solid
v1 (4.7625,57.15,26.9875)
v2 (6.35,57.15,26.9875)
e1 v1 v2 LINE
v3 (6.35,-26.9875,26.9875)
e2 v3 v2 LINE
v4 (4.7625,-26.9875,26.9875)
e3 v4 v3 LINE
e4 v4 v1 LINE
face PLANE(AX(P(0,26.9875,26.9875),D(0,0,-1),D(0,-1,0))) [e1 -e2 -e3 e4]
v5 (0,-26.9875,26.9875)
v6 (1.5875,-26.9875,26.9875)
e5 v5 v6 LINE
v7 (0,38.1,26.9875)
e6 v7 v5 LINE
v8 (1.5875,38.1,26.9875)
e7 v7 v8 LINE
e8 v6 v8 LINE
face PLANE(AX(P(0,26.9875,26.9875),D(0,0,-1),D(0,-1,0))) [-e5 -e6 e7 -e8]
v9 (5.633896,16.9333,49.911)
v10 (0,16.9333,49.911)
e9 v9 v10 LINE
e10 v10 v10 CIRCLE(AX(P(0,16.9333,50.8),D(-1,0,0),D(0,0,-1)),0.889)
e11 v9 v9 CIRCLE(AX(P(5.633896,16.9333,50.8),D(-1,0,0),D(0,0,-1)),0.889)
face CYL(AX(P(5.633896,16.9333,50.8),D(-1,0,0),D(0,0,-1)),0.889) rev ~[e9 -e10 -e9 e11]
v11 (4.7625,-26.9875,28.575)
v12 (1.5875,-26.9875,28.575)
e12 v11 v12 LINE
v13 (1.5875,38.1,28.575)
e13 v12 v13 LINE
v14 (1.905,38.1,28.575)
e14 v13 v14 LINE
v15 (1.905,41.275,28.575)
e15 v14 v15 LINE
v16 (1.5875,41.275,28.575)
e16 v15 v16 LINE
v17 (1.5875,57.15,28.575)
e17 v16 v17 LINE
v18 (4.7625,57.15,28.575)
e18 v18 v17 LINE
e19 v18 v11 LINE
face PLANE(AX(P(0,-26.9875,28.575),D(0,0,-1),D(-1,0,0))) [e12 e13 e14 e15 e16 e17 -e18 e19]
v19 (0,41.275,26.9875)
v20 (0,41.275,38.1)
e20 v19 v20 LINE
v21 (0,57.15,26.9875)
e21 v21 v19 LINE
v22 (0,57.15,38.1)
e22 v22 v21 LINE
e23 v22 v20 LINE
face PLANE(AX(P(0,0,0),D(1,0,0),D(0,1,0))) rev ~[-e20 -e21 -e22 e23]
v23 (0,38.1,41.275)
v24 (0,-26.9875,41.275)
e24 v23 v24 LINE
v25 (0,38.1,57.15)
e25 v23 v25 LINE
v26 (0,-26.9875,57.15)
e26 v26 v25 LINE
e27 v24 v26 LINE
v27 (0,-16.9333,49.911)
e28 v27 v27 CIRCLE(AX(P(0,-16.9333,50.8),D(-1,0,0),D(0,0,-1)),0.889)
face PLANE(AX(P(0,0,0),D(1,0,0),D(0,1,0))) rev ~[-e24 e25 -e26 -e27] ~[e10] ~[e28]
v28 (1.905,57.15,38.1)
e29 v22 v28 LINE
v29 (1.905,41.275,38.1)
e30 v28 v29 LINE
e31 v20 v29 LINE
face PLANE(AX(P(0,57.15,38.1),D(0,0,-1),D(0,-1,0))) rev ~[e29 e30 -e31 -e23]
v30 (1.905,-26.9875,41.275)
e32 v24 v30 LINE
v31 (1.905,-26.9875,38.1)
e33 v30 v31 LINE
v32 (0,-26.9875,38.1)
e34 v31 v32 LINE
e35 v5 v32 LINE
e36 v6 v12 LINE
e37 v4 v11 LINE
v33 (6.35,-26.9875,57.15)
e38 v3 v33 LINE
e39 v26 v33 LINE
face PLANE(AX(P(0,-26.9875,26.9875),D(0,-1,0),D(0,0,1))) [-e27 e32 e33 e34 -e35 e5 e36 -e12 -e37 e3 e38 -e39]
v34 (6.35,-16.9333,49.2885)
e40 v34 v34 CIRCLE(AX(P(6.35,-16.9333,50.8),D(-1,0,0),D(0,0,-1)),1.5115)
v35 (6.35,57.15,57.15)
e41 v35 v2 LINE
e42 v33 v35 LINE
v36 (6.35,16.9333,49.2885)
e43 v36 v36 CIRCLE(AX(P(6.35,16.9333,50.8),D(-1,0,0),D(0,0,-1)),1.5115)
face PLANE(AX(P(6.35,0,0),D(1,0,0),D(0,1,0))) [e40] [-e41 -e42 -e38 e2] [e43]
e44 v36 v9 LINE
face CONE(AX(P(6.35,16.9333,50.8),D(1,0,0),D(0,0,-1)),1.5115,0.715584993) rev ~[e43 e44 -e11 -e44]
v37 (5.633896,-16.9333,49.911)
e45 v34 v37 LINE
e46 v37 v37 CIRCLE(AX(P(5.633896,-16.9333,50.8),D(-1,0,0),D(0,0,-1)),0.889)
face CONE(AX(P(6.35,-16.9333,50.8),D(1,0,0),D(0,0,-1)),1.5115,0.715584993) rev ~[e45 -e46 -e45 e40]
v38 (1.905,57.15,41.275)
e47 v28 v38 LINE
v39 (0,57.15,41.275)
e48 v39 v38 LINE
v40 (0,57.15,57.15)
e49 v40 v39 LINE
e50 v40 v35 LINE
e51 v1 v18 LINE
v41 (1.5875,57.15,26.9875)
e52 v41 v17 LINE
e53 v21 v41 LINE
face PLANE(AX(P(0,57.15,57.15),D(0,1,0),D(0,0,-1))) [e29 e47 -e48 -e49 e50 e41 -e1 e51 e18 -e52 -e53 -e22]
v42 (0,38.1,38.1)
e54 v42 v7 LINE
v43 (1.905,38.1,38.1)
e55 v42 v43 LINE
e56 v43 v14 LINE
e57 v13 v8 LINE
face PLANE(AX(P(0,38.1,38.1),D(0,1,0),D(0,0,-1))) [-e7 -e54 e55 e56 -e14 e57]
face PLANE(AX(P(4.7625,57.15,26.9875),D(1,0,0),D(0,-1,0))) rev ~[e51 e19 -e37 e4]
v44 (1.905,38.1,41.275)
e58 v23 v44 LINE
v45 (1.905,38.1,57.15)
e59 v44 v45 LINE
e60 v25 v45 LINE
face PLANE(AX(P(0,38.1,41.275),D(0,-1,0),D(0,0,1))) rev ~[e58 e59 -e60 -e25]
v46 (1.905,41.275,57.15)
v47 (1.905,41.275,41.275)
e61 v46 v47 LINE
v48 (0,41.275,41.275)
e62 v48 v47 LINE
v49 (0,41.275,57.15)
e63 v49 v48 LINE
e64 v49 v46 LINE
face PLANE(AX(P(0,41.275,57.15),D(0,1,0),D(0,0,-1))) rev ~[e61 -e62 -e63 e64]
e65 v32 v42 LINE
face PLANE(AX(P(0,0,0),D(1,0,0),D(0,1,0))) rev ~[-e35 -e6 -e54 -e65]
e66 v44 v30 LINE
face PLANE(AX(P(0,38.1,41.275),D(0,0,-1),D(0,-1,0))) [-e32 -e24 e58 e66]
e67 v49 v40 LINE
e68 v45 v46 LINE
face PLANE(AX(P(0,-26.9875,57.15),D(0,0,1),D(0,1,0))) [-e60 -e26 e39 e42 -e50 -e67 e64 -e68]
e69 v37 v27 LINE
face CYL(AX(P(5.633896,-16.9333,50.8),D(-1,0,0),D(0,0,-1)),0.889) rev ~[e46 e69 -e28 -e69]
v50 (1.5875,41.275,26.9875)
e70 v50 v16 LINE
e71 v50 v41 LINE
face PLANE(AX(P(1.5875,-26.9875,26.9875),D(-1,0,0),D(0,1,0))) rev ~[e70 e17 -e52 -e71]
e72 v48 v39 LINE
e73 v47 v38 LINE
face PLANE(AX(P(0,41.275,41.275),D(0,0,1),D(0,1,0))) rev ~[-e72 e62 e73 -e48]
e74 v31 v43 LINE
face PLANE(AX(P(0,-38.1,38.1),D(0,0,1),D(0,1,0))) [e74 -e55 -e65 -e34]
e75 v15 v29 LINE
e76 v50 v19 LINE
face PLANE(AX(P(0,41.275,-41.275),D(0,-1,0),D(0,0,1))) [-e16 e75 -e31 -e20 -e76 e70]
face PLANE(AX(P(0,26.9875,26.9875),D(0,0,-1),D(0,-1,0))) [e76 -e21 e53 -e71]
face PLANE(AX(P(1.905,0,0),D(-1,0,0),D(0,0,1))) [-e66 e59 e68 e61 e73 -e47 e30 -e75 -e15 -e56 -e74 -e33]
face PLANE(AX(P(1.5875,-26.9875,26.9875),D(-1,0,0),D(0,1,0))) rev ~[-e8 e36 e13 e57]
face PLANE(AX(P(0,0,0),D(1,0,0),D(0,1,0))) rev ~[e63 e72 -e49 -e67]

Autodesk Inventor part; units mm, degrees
ref_plane "YZ Plane" through (0, 0, 0) normal (1, 0, 0) x (0, 1, 0)
ref_plane "XZ Plane" through (0, 0, 0) normal (0, 1, 0) x (-1, 0, 0)
ref_plane "XY Plane" through (0, 0, 0) normal (0, 0, 1) x (1, 0, 0)
sketch "Sketch1" plane through (0, 0, 0) normal (1, 0, 0) x (0, 1, 0)
  line L0 (-57.15, 57.15) -> (57.15, 57.15)
  line L1 (57.15, 57.15) -> (57.15, 0)
  line L2 (57.15, 0) -> (-57.15, 0)
  line L3 (-57.15, 0) -> (-57.15, 57.15)
  line L4 (-57.15, 57.15) -> (57.15, 0) construction
  line L5 (57.15, 57.15) -> (-57.15, 0) construction
  line L6 (-26.9875, 0) -> (26.9875, 0)
  line L7 (26.9875, 0) -> (26.9875, 26.9875)
  line L8 (26.9875, 26.9875) -> (-26.9875, 26.9875)
  line L9 (-26.9875, 26.9875) -> (-26.9875, 0)
  line L10 (-26.9875, 26.9875) -> (-26.9875, 57.15)
  line L11 (26.9875, 26.9875) -> (57.15, 26.9875)
  point P0 (0, 0)
  point P1 (0, 28.575)
  point P2 (0, 0)
  dimension "d5" = 114.3
  dimension "d6" = 57.15
  dimension "d7" = 53.975
  dimension "d8" = 26.9875
extrude "Extrusion1" add sketch "Sketch1" along normal blind 6.35 contours L0 L1 L11 L8 L10
sketch "Sketch2" plane through (0, -26.9875, 26.9875) normal (0, 0, -1) x (-1, 0, 0)
  line L0 (0, 0) -> (0, 84.1375) projected
  line L1 (0, 84.1375) -> (-6.35, 84.1375) projected
  line L2 (-6.35, 0) -> (-6.35, 84.1375) projected
  line L3 (0, 0) -> (-6.35, 0) projected
  line L4 (-3.175, 0) -> (-3.175, 84.1375)
  line L5 (-4.7625, 0) -> (-1.5875, 0)
  line L6 (-1.5875, 0) -> (-1.5875, 84.1375)
  line L7 (-1.5875, 84.1375) -> (-4.7625, 84.1375)
  line L8 (-4.7625, 84.1375) -> (-4.7625, 0)
  line L9 (-4.7625, 0) -> (-1.5875, 84.1375) construction
  line L10 (-1.5875, 0) -> (-4.7625, 84.1375) construction
  point P0 (0, 26.9875)
  point P1 (-3.175, 42.0688)
  dimension "d11" = 3.175
extrude "Extrusion2" cut sketch "Sketch2" against normal blind 1.5875 contours L3 L4 L1 L6 | L3 L8 L1 L4
sketch "Sketch3" plane through (6.35, 0, 0) normal (1, 0, 0) x (0, 0, -1)
  line L0 (-26.9875, -26.9875) -> (-26.9875, 57.15) projected
  line L1 (-26.9875, 57.15) -> (-57.15, 57.15) projected
  line L2 (-57.15, 57.15) -> (-57.15, -26.9875) projected
  line L3 (-57.15, -26.9875) -> (-26.9875, -26.9875) projected
  line L4 (-50.8, -16.9333) -> (-50.8, 16.9333)
  point P0 (0, 0)
  dimension "d16" = 40.2167
  dimension "d31" = 33.8667
  dimension "d32" = 6.35
hole "Hole1" at (6.35, -16.9333, 50.8) at (6.35, 16.9333, 50.8) direction (-1, 0, 0) diameter 1.778 end through all countersink diameter 3.023 countersink angle 82 clearance for "Flat Head Machine Screw (82)" size "#0" standard "Ansi Unified Screw Threads"
sketch "Sketch4" plane through (0, 0, 0) normal (-1, 0, 0) x (0, 0, 1)
  line L0 (-38.1, -38.1) -> (38.1, -38.1)
  line L1 (38.1, -38.1) -> (38.1, 38.1)
  line L2 (38.1, 38.1) -> (-38.1, 38.1)
  line L3 (-38.1, 38.1) -> (-38.1, -38.1)
  line L4 (-38.1, -38.1) -> (38.1, 38.1) construction
  line L5 (38.1, -38.1) -> (-38.1, 38.1) construction
  line L6 (-41.275, 41.275) -> (41.275, 41.275)
  line L7 (41.275, 41.275) -> (41.275, -41.275)
  line L8 (41.275, -41.275) -> (-41.275, -41.275)
  line L9 (-41.275, -41.275) -> (-41.275, 41.275)
  line L10 (-41.275, 41.275) -> (41.275, -41.275) construction
  line L11 (41.275, 41.275) -> (-41.275, -41.275) construction
  line L12 (26.9875, 57.15) -> (57.15, 57.15) projected
  line L13 (38.1, 38.1) -> (41.275, 38.1)
  line L14 (41.275, 38.1) -> (41.275, 57.15)
  line L15 (41.275, 57.15) -> (38.1, 57.15)
  line L16 (38.1, 57.15) -> (38.1, 38.1)
  line L17 (38.1, 38.1) -> (57.15, 38.1)
  line L18 (57.15, 38.1) -> (57.15, 41.275)
  line L19 (57.15, 41.275) -> (38.1, 41.275)
  line L20 (38.1, 41.275) -> (38.1, 38.1)
  line L21 (57.15, 57.15) -> (57.15, -26.9875) projected
  point P0 (0, 0)
  dimension "d24" = 76.2
  dimension "d25" = 76.2
  dimension "d26" = 3.175
  dimension "d27" = 3.175
extrude "Extrusion3" cut sketch "Sketch4" against normal blind 1.905 contours L13 L7 L8 L9 L6 L16 | L16 L6 L7 L13 | L7 L19 L18 L17 | L16 L12 L14 L6
equation "\"d5\" = width + 2 * acrylicThickness"
equation "\"d6\" = acrylicThickness + 0.5 * height"
equation "\"d7\" = sensorHolderSensorWidth"
equation "\"d8\" = 0.5 * sensorHolderSesnorHeight"
equation "\"d9\" = acrylicThickness"
equation "\"d11\" = oRingWidth"
equation "\"d12\" = 0.5 * oRingWidth"
equation "\"d16\" = 0.333333 * width + acrylicThickness"
equation "\"d31\" = 0.333333 * width"
equation "\"d32\" = acrylicThickness"
equation "\"d24\" = 0.25 * sensorHolderFlushORingID"
equation "\"d25\" = 0.25 * sensorHolderFlushORingID"
equation "\"d26\" = oRingWidth"
equation "\"d27\" = oRingWidth"
equation "\"acrylicThickness\" = 6.35"
equation "\"height\" = 101.6"
equation "\"width\" = 101.6"
equation "\"depth\" = 101.6"
equation "\"mirrorAngle\" = 5deg"
equation "\"detectorWidth\" = 52"
equation "\"detectorHeight\" = 52"
equation "\"mirrorThickness\" = 3"
equation "\"fresnelThickness\" = 0.1"
equation "\"focalLength\" = 76.2"
equation "\"ior\" = 1.49"
equation "\"centerThickness\" = 1.524"
equation "\"fresnelAngle\" = 90deg"
equation "\"fresnelEffectiveDiameter\" = 76.2"
equation "\"mirrorSuppourtWidth\" = 38.1"
equation "\"backGrooveBit\" = 4.8006"
equation "\"sensorHolderWidth\" = 88.9"
equation "\"sensorHolderHeight\" = 88.9"
equation "\"sensorHolderSesnorHeight\" = 53.975"
equation "\"sensorHolderSensorWidth\" = 53.975"
equation "\"sensorHolderSensorHeight\" = 53.975"
equation "\"sensorHolderORingGroove\" = 3.175"
equation "\"sensorHolderORing\" = 3.175"
equation "\"sensorHolderFlushORing\" = 3.175"
equation "\"sensorHolderFlushORingID\" = 304.8"
equation "\"frontBackORingID\" = 419.1"
equation "\"oRingWidth\" = 3.175"
equation "\"sensorHolderORingID\" = 203.2"
equation "\"topBottomHorizontalMirrorGroove\" = 12.7"
equation "\"backMirrorGroove\" = 6.35"
equation "\"mirrorGroove\" = 19.05"
equation "\"fresnelChamfer\" = 6.35"
equation "\"mirrorGrooveFillet\" = 6.35"
equation "\"mirrorGrooveDrill\" = 6.35"
equation "\"mirrorGrooveMill\" = 3.175"
equation "\"fresnelMirrorChamfer\" = 6.35"
equation "\"detectorOpeningWidth\" = 76.2"
equation "\"detectorOpeningHeight\" = 76.2"
properties part number "sensorHolder" material "ABS Plastic"
